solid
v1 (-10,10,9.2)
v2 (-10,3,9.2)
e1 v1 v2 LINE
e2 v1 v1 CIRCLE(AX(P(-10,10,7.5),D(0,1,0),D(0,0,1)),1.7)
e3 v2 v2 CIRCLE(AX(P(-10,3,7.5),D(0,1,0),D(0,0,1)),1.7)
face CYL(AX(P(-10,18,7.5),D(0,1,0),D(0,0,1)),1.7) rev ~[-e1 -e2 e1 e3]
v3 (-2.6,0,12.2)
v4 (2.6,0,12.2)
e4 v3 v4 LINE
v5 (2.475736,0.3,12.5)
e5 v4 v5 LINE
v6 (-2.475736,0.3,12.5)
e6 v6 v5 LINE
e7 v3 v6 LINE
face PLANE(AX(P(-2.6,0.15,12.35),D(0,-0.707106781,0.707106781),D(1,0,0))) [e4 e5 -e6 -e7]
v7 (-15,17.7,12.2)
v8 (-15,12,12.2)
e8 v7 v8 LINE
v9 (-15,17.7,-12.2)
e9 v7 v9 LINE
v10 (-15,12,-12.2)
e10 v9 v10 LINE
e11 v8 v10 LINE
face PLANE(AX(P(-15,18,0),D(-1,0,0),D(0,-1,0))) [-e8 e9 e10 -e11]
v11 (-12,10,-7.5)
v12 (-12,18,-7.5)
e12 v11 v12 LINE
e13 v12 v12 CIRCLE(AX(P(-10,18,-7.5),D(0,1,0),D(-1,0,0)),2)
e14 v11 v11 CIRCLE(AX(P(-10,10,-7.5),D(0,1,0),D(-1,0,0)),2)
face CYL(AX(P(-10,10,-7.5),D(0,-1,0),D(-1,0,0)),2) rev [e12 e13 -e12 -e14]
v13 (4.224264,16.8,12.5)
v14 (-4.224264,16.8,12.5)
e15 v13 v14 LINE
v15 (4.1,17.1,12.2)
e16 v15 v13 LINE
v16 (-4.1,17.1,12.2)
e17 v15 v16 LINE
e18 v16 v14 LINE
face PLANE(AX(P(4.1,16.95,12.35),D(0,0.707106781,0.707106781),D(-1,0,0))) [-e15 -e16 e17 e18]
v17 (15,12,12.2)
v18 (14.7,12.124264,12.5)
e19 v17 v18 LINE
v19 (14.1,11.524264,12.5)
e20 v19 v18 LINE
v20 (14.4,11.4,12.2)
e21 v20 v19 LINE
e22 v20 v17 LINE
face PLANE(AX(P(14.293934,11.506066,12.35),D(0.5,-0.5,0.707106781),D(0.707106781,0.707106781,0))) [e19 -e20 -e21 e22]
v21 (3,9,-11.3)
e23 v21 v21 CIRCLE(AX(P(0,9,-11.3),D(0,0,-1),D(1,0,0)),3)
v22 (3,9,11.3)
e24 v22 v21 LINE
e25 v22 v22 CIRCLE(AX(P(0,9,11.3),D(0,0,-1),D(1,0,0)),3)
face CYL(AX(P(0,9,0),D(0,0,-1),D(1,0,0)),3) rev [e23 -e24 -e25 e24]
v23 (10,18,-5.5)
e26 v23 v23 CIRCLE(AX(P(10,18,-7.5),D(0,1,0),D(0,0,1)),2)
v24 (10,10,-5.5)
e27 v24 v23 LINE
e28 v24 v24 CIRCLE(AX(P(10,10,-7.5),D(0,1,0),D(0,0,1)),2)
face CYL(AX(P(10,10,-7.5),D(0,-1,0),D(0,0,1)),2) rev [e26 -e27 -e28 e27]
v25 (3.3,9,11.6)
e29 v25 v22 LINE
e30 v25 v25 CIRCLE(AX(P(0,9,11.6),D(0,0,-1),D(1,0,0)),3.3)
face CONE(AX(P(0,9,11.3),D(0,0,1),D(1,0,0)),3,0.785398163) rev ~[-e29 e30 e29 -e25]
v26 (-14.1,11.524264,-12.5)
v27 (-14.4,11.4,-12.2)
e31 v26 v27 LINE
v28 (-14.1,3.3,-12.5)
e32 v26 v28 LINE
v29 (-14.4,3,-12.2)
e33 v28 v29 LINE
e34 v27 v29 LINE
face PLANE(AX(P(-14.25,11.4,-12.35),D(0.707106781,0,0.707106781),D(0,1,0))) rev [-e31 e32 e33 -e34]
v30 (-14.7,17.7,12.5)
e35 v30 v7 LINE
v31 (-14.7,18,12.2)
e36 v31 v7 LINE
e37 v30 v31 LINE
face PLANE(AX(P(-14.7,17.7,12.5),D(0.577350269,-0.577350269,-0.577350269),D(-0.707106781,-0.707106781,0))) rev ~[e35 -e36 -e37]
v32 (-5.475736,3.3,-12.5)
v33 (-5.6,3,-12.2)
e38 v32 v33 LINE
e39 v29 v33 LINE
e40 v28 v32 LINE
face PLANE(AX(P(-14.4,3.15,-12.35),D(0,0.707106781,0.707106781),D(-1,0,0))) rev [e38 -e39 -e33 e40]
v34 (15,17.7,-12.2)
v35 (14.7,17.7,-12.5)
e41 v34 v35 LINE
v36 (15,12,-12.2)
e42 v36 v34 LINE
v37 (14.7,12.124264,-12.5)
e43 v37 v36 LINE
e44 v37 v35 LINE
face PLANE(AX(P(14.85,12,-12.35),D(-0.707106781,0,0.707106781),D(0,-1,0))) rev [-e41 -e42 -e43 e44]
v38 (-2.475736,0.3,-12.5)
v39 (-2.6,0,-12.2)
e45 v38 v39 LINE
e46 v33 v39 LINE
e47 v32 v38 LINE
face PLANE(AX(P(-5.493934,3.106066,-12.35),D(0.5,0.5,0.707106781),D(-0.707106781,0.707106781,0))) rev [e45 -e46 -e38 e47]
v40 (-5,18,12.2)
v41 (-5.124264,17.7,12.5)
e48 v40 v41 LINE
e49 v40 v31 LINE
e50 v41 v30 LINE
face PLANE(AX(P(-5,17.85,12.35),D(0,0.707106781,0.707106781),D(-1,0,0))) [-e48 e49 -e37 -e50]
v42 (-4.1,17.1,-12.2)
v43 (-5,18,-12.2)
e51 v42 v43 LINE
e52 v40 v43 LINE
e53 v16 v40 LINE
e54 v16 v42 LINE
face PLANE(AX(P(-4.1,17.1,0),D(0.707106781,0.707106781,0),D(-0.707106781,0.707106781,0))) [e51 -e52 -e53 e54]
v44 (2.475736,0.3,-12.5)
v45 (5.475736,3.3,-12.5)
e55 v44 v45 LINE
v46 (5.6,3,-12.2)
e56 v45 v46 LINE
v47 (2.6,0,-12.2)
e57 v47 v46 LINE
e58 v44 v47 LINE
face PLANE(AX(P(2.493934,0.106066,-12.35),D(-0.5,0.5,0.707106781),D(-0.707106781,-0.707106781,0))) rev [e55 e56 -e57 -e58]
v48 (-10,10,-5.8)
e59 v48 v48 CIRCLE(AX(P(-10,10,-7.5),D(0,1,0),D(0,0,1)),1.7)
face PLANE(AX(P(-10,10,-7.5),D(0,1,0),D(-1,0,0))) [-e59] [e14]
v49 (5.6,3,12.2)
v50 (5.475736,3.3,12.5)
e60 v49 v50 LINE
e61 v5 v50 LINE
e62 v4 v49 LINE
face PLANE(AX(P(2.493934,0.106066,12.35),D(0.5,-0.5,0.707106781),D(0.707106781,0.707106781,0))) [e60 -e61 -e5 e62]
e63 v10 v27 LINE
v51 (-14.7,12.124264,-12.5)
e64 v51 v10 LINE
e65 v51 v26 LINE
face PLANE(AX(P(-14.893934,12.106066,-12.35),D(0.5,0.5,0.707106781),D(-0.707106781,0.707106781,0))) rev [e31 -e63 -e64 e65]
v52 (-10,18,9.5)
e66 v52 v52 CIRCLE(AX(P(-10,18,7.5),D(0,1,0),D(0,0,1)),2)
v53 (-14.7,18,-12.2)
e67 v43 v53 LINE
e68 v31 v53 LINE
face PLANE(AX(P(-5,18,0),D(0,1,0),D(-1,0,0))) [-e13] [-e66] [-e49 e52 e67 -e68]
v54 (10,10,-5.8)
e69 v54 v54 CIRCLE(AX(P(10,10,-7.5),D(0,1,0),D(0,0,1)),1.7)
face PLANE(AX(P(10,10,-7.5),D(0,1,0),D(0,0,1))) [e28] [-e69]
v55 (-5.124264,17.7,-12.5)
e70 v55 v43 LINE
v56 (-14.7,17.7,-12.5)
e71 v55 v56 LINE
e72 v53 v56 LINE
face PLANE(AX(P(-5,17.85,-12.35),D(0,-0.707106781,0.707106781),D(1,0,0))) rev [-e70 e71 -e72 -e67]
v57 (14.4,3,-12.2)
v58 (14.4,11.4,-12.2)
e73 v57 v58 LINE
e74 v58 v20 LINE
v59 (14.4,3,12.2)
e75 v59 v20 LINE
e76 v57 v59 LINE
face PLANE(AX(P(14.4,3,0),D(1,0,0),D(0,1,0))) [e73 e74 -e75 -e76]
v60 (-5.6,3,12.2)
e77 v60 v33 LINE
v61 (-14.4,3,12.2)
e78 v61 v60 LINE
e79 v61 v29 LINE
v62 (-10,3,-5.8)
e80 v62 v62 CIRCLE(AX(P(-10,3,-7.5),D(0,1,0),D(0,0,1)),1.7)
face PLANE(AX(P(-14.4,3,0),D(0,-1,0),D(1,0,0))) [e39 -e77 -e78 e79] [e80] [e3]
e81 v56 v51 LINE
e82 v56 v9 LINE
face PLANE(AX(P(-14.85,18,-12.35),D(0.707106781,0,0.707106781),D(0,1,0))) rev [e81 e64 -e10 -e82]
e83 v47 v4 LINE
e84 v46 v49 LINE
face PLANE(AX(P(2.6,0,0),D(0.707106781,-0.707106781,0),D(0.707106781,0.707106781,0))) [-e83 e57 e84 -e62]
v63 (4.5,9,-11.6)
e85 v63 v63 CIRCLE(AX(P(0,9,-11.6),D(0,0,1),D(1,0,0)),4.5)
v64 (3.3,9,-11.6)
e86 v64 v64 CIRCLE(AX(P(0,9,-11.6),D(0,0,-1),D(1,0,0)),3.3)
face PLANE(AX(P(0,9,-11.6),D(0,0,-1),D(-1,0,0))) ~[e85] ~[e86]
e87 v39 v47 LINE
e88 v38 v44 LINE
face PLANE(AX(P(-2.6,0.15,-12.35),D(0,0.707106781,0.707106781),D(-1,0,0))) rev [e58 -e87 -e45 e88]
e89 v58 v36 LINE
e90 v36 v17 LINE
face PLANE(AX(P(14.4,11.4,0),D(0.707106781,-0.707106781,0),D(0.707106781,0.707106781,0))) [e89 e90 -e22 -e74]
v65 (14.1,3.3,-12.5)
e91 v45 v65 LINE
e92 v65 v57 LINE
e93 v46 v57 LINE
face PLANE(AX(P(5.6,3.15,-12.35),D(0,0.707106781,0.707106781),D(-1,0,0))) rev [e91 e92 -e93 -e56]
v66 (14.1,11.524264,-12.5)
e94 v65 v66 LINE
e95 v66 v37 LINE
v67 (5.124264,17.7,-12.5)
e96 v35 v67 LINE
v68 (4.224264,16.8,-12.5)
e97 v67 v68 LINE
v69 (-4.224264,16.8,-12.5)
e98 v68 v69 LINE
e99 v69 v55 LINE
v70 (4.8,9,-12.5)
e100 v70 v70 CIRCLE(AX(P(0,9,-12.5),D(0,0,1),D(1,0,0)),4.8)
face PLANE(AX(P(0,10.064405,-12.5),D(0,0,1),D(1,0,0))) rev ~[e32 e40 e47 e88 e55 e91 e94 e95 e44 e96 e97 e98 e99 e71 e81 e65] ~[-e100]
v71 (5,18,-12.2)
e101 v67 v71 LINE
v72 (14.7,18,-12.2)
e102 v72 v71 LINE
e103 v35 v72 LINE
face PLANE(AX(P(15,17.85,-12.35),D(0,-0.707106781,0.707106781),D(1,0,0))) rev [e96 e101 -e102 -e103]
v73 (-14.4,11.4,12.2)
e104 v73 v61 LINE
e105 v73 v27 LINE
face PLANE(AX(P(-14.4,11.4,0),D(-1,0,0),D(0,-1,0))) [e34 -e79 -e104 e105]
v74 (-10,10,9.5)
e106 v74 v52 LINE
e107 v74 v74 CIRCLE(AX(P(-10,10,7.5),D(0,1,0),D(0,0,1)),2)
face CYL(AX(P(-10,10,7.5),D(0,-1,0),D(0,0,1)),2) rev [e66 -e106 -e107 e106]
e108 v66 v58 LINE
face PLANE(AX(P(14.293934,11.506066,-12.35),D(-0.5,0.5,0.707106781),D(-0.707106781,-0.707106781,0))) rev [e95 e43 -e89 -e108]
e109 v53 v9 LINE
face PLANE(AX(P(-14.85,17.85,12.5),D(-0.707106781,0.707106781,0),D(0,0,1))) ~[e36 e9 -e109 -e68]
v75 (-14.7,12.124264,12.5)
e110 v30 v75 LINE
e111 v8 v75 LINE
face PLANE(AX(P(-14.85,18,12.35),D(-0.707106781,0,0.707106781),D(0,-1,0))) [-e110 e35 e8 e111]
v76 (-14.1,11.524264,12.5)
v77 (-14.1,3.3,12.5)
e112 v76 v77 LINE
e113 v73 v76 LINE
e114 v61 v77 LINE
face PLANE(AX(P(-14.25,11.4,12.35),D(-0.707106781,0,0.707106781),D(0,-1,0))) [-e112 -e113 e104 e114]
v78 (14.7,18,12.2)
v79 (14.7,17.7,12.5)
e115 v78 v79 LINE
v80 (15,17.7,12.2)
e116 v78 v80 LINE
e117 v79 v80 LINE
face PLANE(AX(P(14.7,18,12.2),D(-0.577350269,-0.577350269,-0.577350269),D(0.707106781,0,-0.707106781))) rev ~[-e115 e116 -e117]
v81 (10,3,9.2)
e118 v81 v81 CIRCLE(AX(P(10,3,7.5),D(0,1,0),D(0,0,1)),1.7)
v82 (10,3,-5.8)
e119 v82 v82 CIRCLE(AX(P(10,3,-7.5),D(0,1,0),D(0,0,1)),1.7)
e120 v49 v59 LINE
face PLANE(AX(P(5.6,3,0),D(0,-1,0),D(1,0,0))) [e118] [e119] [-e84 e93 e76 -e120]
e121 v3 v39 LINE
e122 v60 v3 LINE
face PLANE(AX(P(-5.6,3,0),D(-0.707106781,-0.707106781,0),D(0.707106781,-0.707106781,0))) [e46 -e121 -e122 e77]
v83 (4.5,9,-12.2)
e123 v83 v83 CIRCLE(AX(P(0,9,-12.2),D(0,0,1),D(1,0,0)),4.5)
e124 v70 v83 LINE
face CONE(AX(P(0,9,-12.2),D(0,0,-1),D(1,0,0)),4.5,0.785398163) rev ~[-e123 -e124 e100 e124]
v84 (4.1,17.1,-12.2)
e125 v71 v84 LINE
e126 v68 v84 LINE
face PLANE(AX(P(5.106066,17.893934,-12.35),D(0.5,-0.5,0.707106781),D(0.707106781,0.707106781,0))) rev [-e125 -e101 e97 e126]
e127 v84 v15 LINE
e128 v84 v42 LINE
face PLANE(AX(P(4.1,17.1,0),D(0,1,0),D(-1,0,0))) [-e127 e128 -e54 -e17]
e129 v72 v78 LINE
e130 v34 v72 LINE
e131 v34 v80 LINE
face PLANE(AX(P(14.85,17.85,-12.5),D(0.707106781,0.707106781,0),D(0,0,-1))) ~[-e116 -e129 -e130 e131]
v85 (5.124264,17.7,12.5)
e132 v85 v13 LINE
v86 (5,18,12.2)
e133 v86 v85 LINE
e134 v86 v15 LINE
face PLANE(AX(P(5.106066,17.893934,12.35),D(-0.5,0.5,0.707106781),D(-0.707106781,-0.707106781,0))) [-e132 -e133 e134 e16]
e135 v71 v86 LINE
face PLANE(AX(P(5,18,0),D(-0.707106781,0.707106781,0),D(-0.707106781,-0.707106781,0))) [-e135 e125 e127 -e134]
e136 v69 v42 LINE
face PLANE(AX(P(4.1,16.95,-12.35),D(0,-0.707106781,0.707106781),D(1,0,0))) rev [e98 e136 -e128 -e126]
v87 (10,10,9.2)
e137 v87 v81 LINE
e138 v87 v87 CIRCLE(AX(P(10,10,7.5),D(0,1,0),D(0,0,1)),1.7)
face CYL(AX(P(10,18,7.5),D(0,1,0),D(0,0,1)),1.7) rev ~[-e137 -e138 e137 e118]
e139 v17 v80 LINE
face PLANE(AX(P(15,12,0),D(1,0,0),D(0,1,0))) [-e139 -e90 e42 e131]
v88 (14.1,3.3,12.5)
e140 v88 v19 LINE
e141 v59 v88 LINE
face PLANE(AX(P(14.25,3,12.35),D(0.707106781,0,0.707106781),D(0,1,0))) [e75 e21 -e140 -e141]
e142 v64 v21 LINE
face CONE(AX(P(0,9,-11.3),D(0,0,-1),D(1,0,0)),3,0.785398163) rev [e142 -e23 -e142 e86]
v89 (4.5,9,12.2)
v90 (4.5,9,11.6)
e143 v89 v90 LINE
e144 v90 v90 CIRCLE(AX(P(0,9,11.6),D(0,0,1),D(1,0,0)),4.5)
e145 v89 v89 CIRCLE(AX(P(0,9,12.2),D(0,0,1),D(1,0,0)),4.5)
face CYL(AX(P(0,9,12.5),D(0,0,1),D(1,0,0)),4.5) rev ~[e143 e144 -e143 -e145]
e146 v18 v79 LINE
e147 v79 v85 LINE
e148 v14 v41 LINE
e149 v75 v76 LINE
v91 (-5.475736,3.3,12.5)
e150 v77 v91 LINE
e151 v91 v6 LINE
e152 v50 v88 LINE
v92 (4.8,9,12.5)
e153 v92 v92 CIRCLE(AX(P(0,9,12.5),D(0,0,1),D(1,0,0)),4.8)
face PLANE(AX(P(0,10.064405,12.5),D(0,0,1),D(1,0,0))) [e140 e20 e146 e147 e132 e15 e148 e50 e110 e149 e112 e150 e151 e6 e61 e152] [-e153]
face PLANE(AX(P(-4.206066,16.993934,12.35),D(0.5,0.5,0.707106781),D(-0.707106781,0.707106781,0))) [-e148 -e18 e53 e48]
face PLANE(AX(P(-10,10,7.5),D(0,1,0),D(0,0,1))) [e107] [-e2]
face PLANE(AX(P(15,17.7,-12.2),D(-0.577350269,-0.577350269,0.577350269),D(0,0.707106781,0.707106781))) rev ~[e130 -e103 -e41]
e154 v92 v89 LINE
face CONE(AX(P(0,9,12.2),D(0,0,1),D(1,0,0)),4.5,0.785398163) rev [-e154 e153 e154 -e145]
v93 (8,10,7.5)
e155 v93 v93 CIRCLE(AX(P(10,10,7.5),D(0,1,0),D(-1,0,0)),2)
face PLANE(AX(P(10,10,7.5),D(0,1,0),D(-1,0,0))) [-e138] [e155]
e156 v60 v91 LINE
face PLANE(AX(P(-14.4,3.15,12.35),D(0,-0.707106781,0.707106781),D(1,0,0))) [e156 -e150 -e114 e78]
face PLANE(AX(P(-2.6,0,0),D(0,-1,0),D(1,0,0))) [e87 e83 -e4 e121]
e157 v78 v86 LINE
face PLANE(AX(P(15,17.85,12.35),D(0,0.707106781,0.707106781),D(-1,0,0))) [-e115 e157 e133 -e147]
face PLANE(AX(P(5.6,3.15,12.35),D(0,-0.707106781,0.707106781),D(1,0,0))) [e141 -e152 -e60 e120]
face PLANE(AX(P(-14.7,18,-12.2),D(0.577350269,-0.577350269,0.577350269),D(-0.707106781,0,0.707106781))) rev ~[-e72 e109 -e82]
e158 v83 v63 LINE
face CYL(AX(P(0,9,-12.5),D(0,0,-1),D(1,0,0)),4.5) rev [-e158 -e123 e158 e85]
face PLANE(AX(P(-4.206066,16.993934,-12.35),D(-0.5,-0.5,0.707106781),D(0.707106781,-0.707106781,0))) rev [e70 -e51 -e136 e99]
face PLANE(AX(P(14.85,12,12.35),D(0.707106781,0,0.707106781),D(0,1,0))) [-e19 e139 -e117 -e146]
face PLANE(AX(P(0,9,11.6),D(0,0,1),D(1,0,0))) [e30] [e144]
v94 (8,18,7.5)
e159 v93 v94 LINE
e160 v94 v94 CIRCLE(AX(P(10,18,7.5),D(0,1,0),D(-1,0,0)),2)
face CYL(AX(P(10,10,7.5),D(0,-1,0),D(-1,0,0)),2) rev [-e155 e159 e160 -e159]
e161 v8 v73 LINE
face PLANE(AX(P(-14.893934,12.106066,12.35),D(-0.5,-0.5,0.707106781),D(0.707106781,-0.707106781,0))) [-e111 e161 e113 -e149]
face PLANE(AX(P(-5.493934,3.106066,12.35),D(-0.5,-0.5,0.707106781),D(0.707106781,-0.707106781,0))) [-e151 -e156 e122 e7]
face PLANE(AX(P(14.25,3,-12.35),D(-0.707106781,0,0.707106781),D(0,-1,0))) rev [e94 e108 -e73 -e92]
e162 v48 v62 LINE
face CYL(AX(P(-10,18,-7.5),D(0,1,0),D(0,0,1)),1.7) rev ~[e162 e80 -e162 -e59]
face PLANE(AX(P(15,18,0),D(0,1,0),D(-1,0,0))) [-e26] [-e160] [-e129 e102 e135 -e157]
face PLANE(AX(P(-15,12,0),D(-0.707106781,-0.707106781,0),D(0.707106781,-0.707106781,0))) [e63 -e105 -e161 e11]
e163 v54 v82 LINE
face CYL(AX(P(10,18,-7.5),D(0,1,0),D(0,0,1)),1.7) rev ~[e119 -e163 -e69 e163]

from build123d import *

# Parameters (mm, degrees)
SKETCH1_R           = 3
BOSS_EXTRUDE1_DEPTH = 12.5
SKETCH6_R           = 4.5
CUT_EXTRUDE2_DEPTH  = 0.9
CHAMFER2_SIZE       = 0.3
CHAMFER1_SIZE       = 0.3
CUT_EXTRUDE3_START  = -8
SKETCH7_R           = 2
CUT_EXTRUDE3_DEPTH  = 8
SKETCH13_R          = 1.7
CUT_EXTRUDE4_DEPTH  = 19


with BuildPart() as part:
    # Sketch1 → Boss-Extrude1 (new body, symmetric)
    with BuildSketch(Plane.XY):
        Polygon((-2.6, 0), (2.6, 0), (5.6, 3), (14.4, 3), (14.4, 11.4), (15, 12), (15, 18), (5, 18), (4.1, 17.1), (-4.1, 17.1), (-5, 18), (-15, 18), (-15, 12), (-14.4, 11.4), (-14.4, 3), (-5.6, 3), align=None)
        with Locations((0, 9)):
            Circle(SKETCH1_R, mode=Mode.SUBTRACT)
    extrude(amount=BOSS_EXTRUDE1_DEPTH, both=True)

    # Sketch6 → Cut-Extrude2 (cut)
    with BuildSketch(Plane.XY.offset(12.5)):
        with Locations((0, 9)):
            Circle(SKETCH6_R)
    cut_extrude2 = extrude(amount=-CUT_EXTRUDE2_DEPTH, mode=Mode.SUBTRACT)

    # Mirror3: Cut-Extrude2 across plane
    add(cut_extrude2.mirror(Plane.XY), mode=Mode.SUBTRACT)

    # Chamfer2
    chamfer2_edges = [part.edges().sort_by_distance(p)[0] for p in [
        (-3, 9, 11.6),
        (-4.5, 9, 12.5),
        (-4.5, 9, -12.5),
        (-3, 9, -11.6),
    ]]
    chamfer(chamfer2_edges, length=CHAMFER2_SIZE)

    # Chamfer1
    chamfer1_edges = [part.edges().sort_by_distance(p)[0] for p in [
        (4.1, 1.5, 12.5),
        (10, 3, 12.5),
        (-10, 3, -12.5),
        (-14.4, 7.2, -12.5),
        (-14.7, 11.7, -12.5),
        (-15, 15, -12.5),
        (-10, 18, -12.5),
        (14.4, 7.2, 12.5),
        (-4.55, 17.55, -12.5),
        (0, 17.1, -12.5),
        (4.55, 17.55, -12.5),
        (10, 18, -12.5),
        (15, 15, -12.5),
        (14.7, 11.7, -12.5),
        (14.4, 7.2, -12.5),
        (10, 3, -12.5),
        (14.7, 11.7, 12.5),
        (4.1, 1.5, -12.5),
        (0, 0, -12.5),
        (-4.1, 1.5, -12.5),
        (15, 15, 12.5),
        (10, 18, 12.5),
        (-15, 18, 0),
        (15, 18, 0),
        (4.55, 17.55, 12.5),
        (0, 17.1, 12.5),
        (-4.55, 17.55, 12.5),
        (-10, 18, 12.5),
        (-4.1, 1.5, 12.5),
        (-15, 15, 12.5),
        (-14.7, 11.7, 12.5),
        (-14.4, 7.2, 12.5),
        (-10, 3, 12.5),
        (0, 0, 12.5),
    ]]
    chamfer(chamfer1_edges, length=CHAMFER1_SIZE)

    # Sketch7 → Cut-Extrude3 (cut)
    with BuildSketch(Plane(origin=(0, 18, 0), x_dir=(1, 0, 0), z_dir=(0, 1, 0)).offset(CUT_EXTRUDE3_START)):
        with Locations(Location((10, -7.5, 0), (0, 0, 180))):  # turned: the seam where the file's is
            Circle(SKETCH7_R)
        with Locations(Location((10, 7.5, 0), (0, 0, 270))):  # turned: the seam where the file's is
            Circle(SKETCH7_R)
        with Locations(Location((-10, -7.5, 0), (0, 0, 270))):  # turned: the seam where the file's is
            Circle(SKETCH7_R)
        with Locations(Location((-10, 7.5, 0), (0, 0, 180))):  # turned: the seam where the file's is
            Circle(SKETCH7_R)
    extrude(amount=CUT_EXTRUDE3_DEPTH, mode=Mode.SUBTRACT)

    # Sketch13 → Cut-Extrude4 (cut, through all)
    with BuildSketch(Plane(origin=(0, 18, 0), x_dir=(1, 0, 0), z_dir=(0, 1, 0))):
        with Locations(Location((10, -7.5, 0), (0, 0, 270))):  # turned: the seam where the file's is
            Circle(SKETCH13_R)
        with Locations(Location((10, 7.5, 0), (0, 0, 270))):  # turned: the seam where the file's is
            Circle(SKETCH13_R)
        with Locations(Location((-10, -7.5, 0), (0, 0, 270))):  # turned: the seam where the file's is
            Circle(SKETCH13_R)
        with Locations(Location((-10, 7.5, 0), (0, 0, 270))):  # turned: the seam where the file's is
            Circle(SKETCH13_R)
    extrude(amount=-CUT_EXTRUDE4_DEPTH, mode=Mode.SUBTRACT)


solid = part.part
